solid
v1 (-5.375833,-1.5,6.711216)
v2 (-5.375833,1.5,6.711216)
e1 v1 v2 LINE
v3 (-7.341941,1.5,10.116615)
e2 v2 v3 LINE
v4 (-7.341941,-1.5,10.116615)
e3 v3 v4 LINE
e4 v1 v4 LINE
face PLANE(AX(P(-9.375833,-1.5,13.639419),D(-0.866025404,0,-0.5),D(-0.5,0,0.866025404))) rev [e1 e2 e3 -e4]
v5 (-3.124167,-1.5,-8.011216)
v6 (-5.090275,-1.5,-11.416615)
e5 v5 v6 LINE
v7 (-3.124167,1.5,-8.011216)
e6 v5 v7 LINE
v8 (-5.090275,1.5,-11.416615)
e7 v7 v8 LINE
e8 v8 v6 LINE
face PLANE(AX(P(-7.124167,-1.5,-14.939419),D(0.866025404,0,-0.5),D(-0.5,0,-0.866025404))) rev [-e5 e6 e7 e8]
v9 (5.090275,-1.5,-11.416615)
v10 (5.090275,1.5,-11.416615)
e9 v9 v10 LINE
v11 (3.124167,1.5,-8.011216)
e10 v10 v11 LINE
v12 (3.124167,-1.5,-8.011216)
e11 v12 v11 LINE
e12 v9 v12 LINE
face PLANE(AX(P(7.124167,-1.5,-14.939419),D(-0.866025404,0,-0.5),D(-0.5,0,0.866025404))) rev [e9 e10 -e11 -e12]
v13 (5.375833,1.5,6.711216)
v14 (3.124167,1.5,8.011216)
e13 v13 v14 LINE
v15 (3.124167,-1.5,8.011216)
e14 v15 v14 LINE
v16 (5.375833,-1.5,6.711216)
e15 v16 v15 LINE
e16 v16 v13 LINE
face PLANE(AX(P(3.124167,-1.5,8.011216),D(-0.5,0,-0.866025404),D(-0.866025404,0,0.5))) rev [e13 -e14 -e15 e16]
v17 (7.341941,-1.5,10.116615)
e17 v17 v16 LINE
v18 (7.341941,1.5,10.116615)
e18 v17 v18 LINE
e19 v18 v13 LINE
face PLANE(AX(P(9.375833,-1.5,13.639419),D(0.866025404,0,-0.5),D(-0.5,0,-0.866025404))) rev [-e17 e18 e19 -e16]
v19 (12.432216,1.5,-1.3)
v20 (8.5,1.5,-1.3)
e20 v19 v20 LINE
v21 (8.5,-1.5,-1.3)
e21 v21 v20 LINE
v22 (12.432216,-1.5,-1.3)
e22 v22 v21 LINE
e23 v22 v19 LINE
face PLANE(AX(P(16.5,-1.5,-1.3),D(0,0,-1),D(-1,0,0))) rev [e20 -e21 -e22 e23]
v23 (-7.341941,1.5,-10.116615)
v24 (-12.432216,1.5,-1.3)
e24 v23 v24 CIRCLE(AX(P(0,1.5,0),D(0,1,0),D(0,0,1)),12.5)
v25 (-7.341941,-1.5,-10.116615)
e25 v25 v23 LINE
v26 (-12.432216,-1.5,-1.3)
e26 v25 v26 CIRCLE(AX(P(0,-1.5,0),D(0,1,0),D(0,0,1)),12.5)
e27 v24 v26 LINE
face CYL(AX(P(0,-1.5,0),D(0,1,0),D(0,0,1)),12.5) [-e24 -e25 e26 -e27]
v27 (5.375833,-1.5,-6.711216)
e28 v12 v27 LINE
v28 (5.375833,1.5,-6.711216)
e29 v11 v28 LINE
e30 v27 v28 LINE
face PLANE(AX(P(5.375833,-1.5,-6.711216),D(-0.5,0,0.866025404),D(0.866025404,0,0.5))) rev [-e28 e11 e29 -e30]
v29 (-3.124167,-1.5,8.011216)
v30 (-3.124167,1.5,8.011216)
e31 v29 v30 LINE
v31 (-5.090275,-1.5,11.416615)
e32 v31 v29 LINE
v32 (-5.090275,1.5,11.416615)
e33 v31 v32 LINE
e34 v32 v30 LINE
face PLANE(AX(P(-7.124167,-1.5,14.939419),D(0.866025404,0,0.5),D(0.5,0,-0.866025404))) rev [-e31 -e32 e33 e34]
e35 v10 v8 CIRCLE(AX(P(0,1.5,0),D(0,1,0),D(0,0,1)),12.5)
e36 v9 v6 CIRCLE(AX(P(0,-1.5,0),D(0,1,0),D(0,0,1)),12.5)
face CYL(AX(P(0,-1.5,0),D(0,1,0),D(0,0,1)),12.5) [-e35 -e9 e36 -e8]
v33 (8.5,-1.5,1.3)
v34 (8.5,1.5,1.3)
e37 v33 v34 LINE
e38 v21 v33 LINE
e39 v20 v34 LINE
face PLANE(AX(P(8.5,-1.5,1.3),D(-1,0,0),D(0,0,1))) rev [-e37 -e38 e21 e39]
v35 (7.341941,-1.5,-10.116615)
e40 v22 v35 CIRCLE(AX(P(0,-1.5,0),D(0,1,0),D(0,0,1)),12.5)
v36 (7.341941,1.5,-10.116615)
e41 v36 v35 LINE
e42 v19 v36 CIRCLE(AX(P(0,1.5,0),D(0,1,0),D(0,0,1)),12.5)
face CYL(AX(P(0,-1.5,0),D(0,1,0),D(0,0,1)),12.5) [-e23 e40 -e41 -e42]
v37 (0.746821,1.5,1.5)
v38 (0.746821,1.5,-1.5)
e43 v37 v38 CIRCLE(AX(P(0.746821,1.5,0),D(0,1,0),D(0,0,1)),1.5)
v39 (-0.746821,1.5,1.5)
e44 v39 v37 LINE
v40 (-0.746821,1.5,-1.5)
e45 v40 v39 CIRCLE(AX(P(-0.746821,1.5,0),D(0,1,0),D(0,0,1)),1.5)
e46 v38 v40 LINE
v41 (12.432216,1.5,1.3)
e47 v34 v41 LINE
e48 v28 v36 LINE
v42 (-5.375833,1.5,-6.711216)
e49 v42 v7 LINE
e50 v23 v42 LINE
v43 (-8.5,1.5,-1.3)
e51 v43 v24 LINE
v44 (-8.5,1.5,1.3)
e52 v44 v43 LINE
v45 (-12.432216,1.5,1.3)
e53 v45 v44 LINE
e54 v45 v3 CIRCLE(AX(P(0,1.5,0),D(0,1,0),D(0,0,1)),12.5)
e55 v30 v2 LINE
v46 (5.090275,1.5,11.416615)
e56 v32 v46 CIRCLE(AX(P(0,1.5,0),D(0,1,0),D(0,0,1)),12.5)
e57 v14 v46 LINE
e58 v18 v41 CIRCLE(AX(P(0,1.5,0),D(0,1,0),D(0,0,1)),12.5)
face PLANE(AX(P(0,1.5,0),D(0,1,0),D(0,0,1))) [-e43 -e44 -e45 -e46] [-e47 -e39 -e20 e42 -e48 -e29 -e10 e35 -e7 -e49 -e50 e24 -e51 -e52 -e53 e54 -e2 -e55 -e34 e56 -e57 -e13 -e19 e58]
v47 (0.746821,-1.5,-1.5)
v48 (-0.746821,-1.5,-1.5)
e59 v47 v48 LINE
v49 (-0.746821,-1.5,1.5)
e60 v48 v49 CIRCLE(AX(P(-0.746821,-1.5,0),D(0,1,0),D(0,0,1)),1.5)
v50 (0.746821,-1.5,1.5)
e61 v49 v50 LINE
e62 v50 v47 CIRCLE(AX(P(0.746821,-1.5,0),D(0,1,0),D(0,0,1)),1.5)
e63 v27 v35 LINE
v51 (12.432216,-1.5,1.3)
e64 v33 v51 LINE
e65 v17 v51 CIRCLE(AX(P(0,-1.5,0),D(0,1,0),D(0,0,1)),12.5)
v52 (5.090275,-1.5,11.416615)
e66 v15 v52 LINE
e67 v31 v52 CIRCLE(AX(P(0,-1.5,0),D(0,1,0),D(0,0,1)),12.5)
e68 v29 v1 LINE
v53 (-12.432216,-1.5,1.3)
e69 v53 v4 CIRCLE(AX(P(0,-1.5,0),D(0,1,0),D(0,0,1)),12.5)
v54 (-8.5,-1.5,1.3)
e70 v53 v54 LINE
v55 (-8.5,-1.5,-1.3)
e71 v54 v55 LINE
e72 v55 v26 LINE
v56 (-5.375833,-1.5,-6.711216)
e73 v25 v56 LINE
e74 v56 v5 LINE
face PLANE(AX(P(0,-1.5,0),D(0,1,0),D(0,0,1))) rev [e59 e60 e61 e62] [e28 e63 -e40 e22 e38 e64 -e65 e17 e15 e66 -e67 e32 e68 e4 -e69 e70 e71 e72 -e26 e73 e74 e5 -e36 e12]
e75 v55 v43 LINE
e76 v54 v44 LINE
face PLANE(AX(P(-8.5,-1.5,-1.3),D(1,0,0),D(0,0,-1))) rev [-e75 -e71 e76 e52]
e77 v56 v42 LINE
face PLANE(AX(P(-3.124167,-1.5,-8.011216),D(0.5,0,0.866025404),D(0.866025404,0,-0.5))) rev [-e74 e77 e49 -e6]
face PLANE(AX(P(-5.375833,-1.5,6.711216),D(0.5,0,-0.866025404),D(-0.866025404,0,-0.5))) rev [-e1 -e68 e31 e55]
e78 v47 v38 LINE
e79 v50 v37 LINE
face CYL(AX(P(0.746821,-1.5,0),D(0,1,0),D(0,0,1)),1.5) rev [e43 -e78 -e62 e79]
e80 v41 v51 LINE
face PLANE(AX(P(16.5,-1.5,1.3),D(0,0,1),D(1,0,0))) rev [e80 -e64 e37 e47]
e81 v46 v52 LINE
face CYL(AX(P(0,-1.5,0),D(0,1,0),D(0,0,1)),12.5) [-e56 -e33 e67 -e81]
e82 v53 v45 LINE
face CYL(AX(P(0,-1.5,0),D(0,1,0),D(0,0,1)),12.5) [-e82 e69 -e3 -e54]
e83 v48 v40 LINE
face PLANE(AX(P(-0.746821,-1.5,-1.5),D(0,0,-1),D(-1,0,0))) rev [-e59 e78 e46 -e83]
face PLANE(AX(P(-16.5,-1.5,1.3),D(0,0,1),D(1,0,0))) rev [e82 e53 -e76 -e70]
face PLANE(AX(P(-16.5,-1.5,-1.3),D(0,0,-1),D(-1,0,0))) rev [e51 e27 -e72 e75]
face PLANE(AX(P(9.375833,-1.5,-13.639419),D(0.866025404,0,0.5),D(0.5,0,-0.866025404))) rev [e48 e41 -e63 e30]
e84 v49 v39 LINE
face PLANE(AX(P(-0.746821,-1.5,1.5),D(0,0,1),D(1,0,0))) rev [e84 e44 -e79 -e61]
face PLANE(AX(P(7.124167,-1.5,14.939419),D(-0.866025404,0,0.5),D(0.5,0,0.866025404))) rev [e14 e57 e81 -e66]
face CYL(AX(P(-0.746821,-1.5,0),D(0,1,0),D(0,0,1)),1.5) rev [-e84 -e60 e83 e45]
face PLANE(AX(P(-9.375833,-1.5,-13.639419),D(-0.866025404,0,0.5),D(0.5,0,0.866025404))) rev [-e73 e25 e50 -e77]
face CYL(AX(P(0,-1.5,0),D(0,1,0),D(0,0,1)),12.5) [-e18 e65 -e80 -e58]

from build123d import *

# Parameters (mm, degrees)
BOSS_EXTRUDE1_DEPTH      = 1.5
BOSS_EXTRUDE1_DEPTH_BACK = 1.5
SKETCH1_R                = 12.5
SKETCH2_W                = 8
SKETCH2_H                = 2.6
CUT_EXTRUDE1_DEPTH       = 18.930421077
CUT_EXTRUDE2_DEPTH       = 18.693501632
CUT_EXTRUDE2_DEPTH_BACK  = 18.693501632


with BuildPart() as part:
    # Sketch1 → Boss-Extrude1 (new, two sides: drawn at the far end of the back side and taken through both)
    with BuildSketch(Plane(origin=(0, 0, 0), x_dir=(1, 0, 0), z_dir=(0, 1, 0)).offset(-BOSS_EXTRUDE1_DEPTH_BACK)):
        Circle(SKETCH1_R)
    extrude(amount=BOSS_EXTRUDE1_DEPTH + BOSS_EXTRUDE1_DEPTH_BACK)

    # Sketch2 → Cut-Extrude1 (cut, through all)
    with BuildSketch(Plane(origin=(0, 1.5, 0), x_dir=(1, 0, 0), z_dir=(0, 1, 0))):
        Polygon((9.375833025, 13.639419162), (5.375833025, 6.711215932), (3.124166975, 8.011215932), (7.124166975, 14.939419162), align=None)
        with Locations((12.5, 0)):
            Rectangle(SKETCH2_W, SKETCH2_H)
        Polygon((-7.124166975, 14.939419162), (-3.124166975, 8.011215932), (-5.375833025, 6.711215932), (-9.375833025, 13.639419162), align=None)
        with Locations((-12.5, 0)):
            Rectangle(SKETCH2_W, SKETCH2_H)
        Polygon((-9.375833025, -13.639419162), (-5.375833025, -6.711215932), (-3.124166975, -8.011215932), (-7.124166975, -14.939419162), align=None)
        Polygon((7.124166975, -14.939419162), (3.124166975, -8.011215932), (5.375833025, -6.711215932), (9.375833025, -13.639419162), align=None)
    extrude(amount=-CUT_EXTRUDE1_DEPTH, mode=Mode.SUBTRACT)

    # Sketch3 → Cut-Extrude2 (cut, two sides: drawn at the far end of the back side and taken through both)
    with BuildSketch(Plane(origin=(0, 0, 0), x_dir=(1, 0, 0), z_dir=(0, 1, 0)).offset(-CUT_EXTRUDE2_DEPTH_BACK)):
        with BuildLine():
            Line((-0.746821454, 1.5), (0.746821454, 1.5))
            ThreePointArc((0.746821454, 1.5), (2.246821454, 0), (0.746821454, -1.5))
            Line((0.746821454, -1.5), (-0.746821454, -1.5))
            ThreePointArc((-0.746821454, -1.5), (-2.246821454, 0), (-0.746821454, 1.5))
        make_face()
    extrude(amount=CUT_EXTRUDE2_DEPTH + CUT_EXTRUDE2_DEPTH_BACK, mode=Mode.SUBTRACT)


solid = part.part
